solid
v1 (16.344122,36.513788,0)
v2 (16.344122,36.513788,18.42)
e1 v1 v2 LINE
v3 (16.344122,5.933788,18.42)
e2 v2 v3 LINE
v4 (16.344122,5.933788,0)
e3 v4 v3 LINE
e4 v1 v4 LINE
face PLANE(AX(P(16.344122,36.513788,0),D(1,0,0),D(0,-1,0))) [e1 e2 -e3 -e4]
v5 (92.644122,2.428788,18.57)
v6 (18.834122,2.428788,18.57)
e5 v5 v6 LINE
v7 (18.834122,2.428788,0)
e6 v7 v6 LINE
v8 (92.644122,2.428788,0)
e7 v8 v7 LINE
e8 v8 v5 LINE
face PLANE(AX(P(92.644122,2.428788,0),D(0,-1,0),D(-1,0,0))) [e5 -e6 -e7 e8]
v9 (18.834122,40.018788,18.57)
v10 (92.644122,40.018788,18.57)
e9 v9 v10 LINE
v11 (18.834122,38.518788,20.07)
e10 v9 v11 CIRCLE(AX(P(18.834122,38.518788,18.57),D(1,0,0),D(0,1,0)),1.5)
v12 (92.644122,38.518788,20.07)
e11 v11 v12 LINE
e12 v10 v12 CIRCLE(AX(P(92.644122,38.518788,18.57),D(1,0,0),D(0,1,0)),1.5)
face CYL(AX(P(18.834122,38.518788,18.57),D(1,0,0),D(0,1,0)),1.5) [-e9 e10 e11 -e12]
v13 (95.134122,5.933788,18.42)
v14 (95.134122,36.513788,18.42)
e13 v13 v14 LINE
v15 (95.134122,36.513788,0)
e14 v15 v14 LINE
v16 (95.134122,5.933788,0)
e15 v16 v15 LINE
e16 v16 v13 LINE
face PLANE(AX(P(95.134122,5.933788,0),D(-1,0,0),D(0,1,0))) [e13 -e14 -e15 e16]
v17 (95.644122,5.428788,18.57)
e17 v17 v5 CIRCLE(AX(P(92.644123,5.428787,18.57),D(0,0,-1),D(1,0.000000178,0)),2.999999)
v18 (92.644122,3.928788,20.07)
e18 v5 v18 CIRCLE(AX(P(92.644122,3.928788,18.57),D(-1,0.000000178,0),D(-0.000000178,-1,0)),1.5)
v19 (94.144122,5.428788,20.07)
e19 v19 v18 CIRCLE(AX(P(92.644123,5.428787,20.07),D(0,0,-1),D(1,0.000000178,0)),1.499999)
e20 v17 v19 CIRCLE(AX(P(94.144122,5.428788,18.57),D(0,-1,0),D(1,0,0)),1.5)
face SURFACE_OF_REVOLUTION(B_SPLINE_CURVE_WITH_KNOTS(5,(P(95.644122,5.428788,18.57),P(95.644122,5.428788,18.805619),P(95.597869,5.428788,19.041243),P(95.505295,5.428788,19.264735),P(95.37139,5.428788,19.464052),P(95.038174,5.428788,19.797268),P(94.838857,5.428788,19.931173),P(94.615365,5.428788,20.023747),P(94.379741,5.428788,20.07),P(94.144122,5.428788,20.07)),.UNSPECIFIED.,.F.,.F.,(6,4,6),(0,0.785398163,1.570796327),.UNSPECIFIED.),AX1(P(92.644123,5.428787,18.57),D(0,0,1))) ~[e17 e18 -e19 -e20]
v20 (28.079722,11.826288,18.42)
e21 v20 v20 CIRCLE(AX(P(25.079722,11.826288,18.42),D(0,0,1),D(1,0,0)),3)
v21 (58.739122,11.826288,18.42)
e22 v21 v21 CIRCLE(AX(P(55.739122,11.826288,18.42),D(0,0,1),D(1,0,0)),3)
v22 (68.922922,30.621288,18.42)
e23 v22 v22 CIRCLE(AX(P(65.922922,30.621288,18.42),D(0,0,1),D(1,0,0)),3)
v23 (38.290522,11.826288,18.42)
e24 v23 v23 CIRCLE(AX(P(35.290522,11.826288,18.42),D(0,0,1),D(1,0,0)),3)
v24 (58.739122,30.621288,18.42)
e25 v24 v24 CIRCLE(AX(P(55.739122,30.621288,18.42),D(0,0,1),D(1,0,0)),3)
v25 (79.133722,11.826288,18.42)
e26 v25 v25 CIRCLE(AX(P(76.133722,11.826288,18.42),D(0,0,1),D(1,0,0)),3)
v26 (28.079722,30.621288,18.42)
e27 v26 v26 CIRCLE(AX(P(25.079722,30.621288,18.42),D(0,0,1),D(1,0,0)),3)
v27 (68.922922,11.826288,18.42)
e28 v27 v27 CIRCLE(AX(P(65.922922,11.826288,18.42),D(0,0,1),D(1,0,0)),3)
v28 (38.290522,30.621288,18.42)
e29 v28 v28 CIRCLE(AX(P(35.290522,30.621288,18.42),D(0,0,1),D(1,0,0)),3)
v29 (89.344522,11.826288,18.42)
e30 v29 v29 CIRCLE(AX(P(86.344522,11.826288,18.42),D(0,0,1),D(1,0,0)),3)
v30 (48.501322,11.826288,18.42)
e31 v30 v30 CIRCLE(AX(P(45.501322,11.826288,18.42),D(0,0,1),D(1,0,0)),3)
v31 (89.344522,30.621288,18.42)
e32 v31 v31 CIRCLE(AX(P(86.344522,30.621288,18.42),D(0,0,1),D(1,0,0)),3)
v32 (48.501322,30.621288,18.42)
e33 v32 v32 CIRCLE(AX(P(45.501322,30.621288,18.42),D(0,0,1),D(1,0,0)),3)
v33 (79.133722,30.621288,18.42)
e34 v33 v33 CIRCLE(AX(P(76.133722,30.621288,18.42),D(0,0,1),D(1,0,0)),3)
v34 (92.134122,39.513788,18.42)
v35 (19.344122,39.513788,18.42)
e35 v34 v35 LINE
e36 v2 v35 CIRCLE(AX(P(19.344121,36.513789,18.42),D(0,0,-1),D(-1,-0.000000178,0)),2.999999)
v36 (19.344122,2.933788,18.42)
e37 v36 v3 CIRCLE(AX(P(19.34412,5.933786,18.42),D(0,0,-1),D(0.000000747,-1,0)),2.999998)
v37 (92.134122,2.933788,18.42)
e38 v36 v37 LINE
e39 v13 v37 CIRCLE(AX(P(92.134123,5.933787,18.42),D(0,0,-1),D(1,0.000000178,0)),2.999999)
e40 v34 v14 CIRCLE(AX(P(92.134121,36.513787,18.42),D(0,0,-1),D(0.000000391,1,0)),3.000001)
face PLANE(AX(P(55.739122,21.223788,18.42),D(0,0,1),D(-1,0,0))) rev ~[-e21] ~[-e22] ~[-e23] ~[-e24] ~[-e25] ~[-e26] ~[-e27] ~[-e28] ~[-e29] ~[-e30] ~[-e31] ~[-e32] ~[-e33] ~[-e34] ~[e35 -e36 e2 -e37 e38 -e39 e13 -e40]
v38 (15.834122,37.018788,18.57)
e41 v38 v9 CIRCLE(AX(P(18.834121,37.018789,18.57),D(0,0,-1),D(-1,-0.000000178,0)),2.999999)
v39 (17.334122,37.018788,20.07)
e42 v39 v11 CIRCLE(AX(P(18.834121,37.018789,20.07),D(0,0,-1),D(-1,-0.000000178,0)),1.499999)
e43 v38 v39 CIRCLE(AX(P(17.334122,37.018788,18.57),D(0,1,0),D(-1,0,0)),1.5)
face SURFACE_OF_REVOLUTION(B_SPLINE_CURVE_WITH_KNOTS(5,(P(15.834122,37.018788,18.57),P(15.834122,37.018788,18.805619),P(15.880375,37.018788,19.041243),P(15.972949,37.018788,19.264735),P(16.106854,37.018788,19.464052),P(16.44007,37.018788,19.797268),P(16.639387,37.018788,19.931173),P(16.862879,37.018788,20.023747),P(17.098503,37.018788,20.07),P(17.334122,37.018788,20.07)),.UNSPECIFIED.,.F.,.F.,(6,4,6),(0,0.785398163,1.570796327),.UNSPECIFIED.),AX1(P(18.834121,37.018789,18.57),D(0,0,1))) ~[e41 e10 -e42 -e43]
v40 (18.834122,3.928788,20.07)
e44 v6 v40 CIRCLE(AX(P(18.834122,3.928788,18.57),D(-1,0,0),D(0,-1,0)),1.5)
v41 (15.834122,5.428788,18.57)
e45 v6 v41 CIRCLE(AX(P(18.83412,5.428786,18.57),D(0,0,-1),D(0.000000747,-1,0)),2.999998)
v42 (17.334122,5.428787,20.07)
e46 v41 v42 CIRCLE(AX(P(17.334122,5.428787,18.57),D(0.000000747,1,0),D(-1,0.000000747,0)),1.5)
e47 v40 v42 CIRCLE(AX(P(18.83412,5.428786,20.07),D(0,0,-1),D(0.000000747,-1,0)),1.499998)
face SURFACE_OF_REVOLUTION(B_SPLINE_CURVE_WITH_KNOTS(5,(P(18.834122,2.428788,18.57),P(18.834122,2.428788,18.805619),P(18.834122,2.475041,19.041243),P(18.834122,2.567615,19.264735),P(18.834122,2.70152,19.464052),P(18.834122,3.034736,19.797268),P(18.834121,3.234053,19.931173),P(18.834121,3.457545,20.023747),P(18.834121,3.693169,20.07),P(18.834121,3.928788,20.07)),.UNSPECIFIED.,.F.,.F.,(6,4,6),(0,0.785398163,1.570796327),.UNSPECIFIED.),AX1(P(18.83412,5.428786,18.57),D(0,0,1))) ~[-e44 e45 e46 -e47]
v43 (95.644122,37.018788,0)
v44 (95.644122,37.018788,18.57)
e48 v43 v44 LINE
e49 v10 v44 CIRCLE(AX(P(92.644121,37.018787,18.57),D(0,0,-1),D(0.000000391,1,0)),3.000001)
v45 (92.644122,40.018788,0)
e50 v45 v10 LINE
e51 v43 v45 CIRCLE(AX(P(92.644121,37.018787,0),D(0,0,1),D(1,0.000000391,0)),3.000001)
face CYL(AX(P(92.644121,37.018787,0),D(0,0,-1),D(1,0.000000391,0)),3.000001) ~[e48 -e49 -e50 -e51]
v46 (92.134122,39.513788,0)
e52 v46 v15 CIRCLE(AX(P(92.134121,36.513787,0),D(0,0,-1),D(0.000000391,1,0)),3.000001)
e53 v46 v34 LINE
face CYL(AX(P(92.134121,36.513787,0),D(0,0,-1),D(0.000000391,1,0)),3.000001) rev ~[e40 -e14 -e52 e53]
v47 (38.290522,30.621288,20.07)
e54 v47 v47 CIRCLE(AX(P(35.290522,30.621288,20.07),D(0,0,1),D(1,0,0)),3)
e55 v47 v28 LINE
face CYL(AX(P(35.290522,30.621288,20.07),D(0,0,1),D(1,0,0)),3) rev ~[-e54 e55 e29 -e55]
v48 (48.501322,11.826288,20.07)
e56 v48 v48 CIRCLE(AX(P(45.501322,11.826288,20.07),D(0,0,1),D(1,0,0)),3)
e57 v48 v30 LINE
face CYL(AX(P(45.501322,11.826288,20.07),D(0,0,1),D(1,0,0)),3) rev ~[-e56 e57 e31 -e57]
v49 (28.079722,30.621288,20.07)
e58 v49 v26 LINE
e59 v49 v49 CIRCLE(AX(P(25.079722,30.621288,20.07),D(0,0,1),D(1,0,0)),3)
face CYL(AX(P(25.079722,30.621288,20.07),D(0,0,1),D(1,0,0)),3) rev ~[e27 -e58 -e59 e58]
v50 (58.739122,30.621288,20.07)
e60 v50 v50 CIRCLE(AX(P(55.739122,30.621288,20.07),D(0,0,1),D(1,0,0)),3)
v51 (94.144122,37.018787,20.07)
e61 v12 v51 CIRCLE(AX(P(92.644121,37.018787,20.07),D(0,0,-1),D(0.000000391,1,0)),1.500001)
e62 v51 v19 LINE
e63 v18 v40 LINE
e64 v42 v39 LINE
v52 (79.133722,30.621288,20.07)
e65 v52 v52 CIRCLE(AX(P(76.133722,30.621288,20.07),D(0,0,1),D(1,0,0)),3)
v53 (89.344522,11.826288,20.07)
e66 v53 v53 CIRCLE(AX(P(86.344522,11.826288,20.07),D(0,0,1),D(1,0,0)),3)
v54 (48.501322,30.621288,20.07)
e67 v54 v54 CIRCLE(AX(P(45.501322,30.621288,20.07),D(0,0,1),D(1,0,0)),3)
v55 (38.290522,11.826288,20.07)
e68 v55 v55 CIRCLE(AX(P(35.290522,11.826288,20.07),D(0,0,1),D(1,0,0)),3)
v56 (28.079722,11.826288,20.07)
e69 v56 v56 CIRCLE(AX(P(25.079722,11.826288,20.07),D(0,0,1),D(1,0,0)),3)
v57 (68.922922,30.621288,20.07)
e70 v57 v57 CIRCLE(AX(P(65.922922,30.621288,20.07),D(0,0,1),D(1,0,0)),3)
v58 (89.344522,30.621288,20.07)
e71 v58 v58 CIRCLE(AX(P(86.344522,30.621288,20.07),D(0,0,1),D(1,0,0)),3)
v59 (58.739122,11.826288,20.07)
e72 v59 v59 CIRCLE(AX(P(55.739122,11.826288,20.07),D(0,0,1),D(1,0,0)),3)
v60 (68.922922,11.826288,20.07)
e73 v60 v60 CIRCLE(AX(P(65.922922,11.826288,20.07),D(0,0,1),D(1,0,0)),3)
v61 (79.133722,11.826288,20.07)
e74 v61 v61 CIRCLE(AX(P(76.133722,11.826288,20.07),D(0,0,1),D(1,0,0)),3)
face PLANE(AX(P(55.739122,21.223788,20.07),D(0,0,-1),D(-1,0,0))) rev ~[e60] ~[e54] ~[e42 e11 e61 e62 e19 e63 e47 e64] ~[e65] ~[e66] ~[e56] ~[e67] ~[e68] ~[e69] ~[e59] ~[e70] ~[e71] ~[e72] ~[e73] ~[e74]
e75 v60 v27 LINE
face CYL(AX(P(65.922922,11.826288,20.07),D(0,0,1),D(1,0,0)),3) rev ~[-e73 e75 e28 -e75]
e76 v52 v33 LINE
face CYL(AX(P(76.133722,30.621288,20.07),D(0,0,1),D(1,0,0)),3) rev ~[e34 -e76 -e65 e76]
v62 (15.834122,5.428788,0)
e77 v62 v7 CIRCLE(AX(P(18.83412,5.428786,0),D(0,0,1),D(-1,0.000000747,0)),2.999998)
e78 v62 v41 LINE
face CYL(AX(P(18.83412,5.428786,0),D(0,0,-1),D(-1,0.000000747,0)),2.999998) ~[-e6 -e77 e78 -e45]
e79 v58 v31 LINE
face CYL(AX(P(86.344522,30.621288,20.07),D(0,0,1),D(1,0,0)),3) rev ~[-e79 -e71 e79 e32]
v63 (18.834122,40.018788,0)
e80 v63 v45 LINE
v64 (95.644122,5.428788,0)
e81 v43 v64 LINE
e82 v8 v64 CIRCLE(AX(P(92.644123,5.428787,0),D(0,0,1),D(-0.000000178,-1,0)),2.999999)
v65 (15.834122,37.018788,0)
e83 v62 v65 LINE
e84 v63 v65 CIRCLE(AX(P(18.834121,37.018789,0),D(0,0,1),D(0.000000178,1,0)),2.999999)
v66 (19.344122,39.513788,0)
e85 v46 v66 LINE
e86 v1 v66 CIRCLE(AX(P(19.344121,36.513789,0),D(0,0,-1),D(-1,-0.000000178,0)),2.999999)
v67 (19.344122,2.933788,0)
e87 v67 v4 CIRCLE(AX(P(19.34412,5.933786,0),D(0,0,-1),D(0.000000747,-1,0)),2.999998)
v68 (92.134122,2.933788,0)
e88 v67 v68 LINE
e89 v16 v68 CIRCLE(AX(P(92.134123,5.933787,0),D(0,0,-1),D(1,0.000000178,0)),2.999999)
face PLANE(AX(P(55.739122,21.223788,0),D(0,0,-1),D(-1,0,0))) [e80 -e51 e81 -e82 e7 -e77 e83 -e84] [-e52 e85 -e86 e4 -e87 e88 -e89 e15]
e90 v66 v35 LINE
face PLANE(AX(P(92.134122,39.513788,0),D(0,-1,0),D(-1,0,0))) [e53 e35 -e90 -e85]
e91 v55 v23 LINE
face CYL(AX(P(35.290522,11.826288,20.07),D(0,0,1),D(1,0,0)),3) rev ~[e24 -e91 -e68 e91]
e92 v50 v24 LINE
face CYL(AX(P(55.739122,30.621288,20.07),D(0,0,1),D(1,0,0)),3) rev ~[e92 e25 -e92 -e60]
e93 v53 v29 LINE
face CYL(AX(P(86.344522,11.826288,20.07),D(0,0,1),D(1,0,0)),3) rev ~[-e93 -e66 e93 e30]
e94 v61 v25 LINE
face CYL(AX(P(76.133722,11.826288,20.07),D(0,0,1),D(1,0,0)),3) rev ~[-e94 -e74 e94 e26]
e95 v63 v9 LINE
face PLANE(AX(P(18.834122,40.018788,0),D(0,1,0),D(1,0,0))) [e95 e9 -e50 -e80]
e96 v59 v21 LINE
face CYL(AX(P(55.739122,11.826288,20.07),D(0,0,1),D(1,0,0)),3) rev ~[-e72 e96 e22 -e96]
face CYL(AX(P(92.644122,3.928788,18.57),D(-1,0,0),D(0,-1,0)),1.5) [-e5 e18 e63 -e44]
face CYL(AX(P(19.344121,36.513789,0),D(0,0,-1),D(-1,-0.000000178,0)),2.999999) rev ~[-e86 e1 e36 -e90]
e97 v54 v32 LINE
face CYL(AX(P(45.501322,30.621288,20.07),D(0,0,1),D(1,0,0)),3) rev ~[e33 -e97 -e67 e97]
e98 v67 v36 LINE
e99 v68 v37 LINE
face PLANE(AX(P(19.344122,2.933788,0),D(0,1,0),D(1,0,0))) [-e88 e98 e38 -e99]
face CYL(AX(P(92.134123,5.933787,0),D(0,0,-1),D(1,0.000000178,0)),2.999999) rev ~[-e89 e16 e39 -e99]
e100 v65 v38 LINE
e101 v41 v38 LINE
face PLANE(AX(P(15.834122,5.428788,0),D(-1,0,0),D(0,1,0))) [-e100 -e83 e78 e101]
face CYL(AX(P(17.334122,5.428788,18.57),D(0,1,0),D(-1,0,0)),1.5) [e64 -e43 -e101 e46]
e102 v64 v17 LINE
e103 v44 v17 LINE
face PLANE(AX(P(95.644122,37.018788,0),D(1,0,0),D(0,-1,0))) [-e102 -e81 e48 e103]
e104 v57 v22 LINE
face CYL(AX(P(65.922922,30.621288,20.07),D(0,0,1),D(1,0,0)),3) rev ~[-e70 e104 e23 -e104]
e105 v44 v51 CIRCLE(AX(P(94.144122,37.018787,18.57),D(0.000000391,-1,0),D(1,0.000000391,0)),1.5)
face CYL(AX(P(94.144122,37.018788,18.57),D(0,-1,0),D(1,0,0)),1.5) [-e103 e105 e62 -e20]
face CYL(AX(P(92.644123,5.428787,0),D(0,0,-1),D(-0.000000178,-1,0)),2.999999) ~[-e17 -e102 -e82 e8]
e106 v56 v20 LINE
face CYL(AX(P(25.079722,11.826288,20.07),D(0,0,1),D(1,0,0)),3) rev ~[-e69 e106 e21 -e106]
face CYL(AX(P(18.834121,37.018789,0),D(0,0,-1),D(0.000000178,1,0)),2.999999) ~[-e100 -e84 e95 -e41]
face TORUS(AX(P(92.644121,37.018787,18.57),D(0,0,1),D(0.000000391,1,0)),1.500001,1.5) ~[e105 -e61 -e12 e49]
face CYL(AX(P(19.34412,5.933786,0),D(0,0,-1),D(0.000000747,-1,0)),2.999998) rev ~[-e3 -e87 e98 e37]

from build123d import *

# Parameters (mm, degrees)
PAD_DEPTH     = 20.07
POCKET_DEPTH  = 18.42
SKETCH002_R   = 3
HOLE_DEPTH    = 25
SKETCH003_R   = 3
HOLE001_DEPTH = 25
SKETCH004_R   = 3
HOLE002_DEPTH = 25
SKETCH005_R   = 3
HOLE003_DEPTH = 25
SKETCH006_R   = 3
HOLE004_DEPTH = 25
SKETCH007_R   = 3
HOLE005_DEPTH = 25
SKETCH008_R   = 3
HOLE006_DEPTH = 25
FILLET_R      = 1.5
SKETCH009_R   = 3
HOLE007_DEPTH = 25
SKETCH010_R   = 3
HOLE008_DEPTH = 25
SKETCH011_R   = 3
HOLE009_DEPTH = 25
SKETCH012_R   = 3
HOLE010_DEPTH = 25
SKETCH013_R   = 3
HOLE011_DEPTH = 25
SKETCH014_R   = 3
HOLE012_DEPTH = 25
SKETCH015_R   = 3
HOLE013_DEPTH = 25


with BuildPart() as part:
    # Sketch → Pad (new body)
    with BuildSketch(Plane.XY):
        with BuildLine():
            Line((18.834122, 40.018788), (92.644122, 40.018788))
            ThreePointArc((95.644122, 37.018788), (94.765442, 39.140108), (92.644122, 40.018788))
            Line((95.644122, 37.018788), (95.644122, 5.428788))
            ThreePointArc((92.644122, 2.428788), (94.765442, 3.307467), (95.644122, 5.428788))
            Line((92.644122, 2.428788), (18.834122, 2.428788))
            ThreePointArc((15.834122, 5.428788), (16.712801, 3.307467), (18.834122, 2.428788))
            Line((15.834122, 5.428788), (15.834122, 37.018788))
            ThreePointArc((18.834122, 40.018788), (16.712801, 39.140108), (15.834122, 37.018788))
        make_face()
    extrude(amount=PAD_DEPTH)

    # Sketch001 (on Face9 of Pad) → Pocket (cut)
    with BuildSketch(Plane(origin=(0, 0, 0), x_dir=(1, 0, 0), z_dir=(0, 0, -1))):
        with BuildLine():
            Line((19.344122, -2.933788), (92.134122, -2.933788))
            ThreePointArc((95.134122, -5.933788), (94.255442, -3.812467), (92.134122, -2.933788))
            Line((95.134122, -5.933788), (95.134122, -36.513788))
            ThreePointArc((92.134122, -39.513788), (94.255442, -38.635108), (95.134122, -36.513788))
            Line((92.134122, -39.513788), (19.344122, -39.513788))
            ThreePointArc((16.344122, -36.513788), (17.222801, -38.635108), (19.344122, -39.513788))
            Line((16.344122, -36.513788), (16.344122, -5.933788))
            ThreePointArc((19.344122, -2.933788), (17.222801, -3.812467), (16.344122, -5.933788))
        make_face()
    extrude(amount=-POCKET_DEPTH, mode=Mode.SUBTRACT)

    # Sketch002 (on Face5 of Pocket) → Hole (cut)
    with BuildSketch(Plane.XY.offset(20.07)):
        with Locations((55.739122, 30.621288)):
            Circle(SKETCH002_R)
    extrude(amount=-HOLE_DEPTH, mode=Mode.SUBTRACT)

    # Sketch003 (on Face5 of Hole) → Hole001 (cut)
    with BuildSketch(Plane.XY.offset(20.07)):
        with Locations((45.501322, 30.621288)):
            Circle(SKETCH003_R)
    extrude(amount=-HOLE001_DEPTH, mode=Mode.SUBTRACT)

    # Sketch004 (on Face5 of Hole001) → Hole002 (cut)
    with BuildSketch(Plane.XY.offset(20.07)):
        with Locations((35.290522, 30.621288)):
            Circle(SKETCH004_R)
    extrude(amount=-HOLE002_DEPTH, mode=Mode.SUBTRACT)

    # Sketch005 (on Face5 of Hole002) → Hole003 (cut)
    with BuildSketch(Plane.XY.offset(20.07)):
        with Locations((25.079722, 30.621288)):
            Circle(SKETCH005_R)
    extrude(amount=-HOLE003_DEPTH, mode=Mode.SUBTRACT)

    # Sketch006 (on Face5 of Hole003) → Hole004 (cut)
    with BuildSketch(Plane.XY.offset(20.07)):
        with Locations((65.922922, 30.621288)):
            Circle(SKETCH006_R)
    extrude(amount=-HOLE004_DEPTH, mode=Mode.SUBTRACT)

    # Sketch007 (on Face5 of Hole004) → Hole005 (cut)
    with BuildSketch(Plane.XY.offset(20.07)):
        with Locations((76.133722, 30.621288)):
            Circle(SKETCH007_R)
    extrude(amount=-HOLE005_DEPTH, mode=Mode.SUBTRACT)

    # Sketch008 (on Face5 of Hole005) → Hole006 (cut)
    with BuildSketch(Plane.XY.offset(20.07)):
        with Locations((86.344522, 30.621288)):
            Circle(SKETCH008_R)
    extrude(amount=-HOLE006_DEPTH, mode=Mode.SUBTRACT)

    # Fillet
    fillet_edges = [part.edges().sort_by_distance(p)[0] for p in [
        (55.739122, 40.018788, 20.07),
    ]]
    fillet(fillet_edges, radius=FILLET_R)

    # Sketch009 (on Face8 of Fillet) → Hole007 (cut)
    with BuildSketch(Plane.XY.offset(20.07)):
        with Locations((55.739122, 11.826288)):
            Circle(SKETCH009_R)
    extrude(amount=-HOLE007_DEPTH, mode=Mode.SUBTRACT)

    # Sketch010 (on Face8 of Hole007) → Hole008 (cut)
    with BuildSketch(Plane.XY.offset(20.07)):
        with Locations((45.501322, 11.826288)):
            Circle(SKETCH010_R)
    extrude(amount=-HOLE008_DEPTH, mode=Mode.SUBTRACT)

    # Sketch011 (on Face8 of Hole008) → Hole009 (cut)
    with BuildSketch(Plane.XY.offset(20.07)):
        with Locations((35.290522, 11.826288)):
            Circle(SKETCH011_R)
    extrude(amount=-HOLE009_DEPTH, mode=Mode.SUBTRACT)

    # Sketch012 (on Face8 of Hole009) → Hole010 (cut)
    with BuildSketch(Plane.XY.offset(20.07)):
        with Locations((25.079722, 11.826288)):
            Circle(SKETCH012_R)
    extrude(amount=-HOLE010_DEPTH, mode=Mode.SUBTRACT)

    # Sketch013 (on Face8 of Hole010) → Hole011 (cut)
    with BuildSketch(Plane.XY.offset(20.07)):
        with Locations((65.922922, 11.826288)):
            Circle(SKETCH013_R)
    extrude(amount=-HOLE011_DEPTH, mode=Mode.SUBTRACT)

    # Sketch014 (on Face8 of Hole011) → Hole012 (cut)
    with BuildSketch(Plane.XY.offset(20.07)):
        with Locations((76.133722, 11.826288)):
            Circle(SKETCH014_R)
    extrude(amount=-HOLE012_DEPTH, mode=Mode.SUBTRACT)

    # Sketch015 (on Face8 of Hole012) → Hole013 (cut)
    with BuildSketch(Plane.XY.offset(20.07)):
        with Locations((86.344522, 11.826288)):
            Circle(SKETCH015_R)
    extrude(amount=-HOLE013_DEPTH, mode=Mode.SUBTRACT)


solid = part.part
